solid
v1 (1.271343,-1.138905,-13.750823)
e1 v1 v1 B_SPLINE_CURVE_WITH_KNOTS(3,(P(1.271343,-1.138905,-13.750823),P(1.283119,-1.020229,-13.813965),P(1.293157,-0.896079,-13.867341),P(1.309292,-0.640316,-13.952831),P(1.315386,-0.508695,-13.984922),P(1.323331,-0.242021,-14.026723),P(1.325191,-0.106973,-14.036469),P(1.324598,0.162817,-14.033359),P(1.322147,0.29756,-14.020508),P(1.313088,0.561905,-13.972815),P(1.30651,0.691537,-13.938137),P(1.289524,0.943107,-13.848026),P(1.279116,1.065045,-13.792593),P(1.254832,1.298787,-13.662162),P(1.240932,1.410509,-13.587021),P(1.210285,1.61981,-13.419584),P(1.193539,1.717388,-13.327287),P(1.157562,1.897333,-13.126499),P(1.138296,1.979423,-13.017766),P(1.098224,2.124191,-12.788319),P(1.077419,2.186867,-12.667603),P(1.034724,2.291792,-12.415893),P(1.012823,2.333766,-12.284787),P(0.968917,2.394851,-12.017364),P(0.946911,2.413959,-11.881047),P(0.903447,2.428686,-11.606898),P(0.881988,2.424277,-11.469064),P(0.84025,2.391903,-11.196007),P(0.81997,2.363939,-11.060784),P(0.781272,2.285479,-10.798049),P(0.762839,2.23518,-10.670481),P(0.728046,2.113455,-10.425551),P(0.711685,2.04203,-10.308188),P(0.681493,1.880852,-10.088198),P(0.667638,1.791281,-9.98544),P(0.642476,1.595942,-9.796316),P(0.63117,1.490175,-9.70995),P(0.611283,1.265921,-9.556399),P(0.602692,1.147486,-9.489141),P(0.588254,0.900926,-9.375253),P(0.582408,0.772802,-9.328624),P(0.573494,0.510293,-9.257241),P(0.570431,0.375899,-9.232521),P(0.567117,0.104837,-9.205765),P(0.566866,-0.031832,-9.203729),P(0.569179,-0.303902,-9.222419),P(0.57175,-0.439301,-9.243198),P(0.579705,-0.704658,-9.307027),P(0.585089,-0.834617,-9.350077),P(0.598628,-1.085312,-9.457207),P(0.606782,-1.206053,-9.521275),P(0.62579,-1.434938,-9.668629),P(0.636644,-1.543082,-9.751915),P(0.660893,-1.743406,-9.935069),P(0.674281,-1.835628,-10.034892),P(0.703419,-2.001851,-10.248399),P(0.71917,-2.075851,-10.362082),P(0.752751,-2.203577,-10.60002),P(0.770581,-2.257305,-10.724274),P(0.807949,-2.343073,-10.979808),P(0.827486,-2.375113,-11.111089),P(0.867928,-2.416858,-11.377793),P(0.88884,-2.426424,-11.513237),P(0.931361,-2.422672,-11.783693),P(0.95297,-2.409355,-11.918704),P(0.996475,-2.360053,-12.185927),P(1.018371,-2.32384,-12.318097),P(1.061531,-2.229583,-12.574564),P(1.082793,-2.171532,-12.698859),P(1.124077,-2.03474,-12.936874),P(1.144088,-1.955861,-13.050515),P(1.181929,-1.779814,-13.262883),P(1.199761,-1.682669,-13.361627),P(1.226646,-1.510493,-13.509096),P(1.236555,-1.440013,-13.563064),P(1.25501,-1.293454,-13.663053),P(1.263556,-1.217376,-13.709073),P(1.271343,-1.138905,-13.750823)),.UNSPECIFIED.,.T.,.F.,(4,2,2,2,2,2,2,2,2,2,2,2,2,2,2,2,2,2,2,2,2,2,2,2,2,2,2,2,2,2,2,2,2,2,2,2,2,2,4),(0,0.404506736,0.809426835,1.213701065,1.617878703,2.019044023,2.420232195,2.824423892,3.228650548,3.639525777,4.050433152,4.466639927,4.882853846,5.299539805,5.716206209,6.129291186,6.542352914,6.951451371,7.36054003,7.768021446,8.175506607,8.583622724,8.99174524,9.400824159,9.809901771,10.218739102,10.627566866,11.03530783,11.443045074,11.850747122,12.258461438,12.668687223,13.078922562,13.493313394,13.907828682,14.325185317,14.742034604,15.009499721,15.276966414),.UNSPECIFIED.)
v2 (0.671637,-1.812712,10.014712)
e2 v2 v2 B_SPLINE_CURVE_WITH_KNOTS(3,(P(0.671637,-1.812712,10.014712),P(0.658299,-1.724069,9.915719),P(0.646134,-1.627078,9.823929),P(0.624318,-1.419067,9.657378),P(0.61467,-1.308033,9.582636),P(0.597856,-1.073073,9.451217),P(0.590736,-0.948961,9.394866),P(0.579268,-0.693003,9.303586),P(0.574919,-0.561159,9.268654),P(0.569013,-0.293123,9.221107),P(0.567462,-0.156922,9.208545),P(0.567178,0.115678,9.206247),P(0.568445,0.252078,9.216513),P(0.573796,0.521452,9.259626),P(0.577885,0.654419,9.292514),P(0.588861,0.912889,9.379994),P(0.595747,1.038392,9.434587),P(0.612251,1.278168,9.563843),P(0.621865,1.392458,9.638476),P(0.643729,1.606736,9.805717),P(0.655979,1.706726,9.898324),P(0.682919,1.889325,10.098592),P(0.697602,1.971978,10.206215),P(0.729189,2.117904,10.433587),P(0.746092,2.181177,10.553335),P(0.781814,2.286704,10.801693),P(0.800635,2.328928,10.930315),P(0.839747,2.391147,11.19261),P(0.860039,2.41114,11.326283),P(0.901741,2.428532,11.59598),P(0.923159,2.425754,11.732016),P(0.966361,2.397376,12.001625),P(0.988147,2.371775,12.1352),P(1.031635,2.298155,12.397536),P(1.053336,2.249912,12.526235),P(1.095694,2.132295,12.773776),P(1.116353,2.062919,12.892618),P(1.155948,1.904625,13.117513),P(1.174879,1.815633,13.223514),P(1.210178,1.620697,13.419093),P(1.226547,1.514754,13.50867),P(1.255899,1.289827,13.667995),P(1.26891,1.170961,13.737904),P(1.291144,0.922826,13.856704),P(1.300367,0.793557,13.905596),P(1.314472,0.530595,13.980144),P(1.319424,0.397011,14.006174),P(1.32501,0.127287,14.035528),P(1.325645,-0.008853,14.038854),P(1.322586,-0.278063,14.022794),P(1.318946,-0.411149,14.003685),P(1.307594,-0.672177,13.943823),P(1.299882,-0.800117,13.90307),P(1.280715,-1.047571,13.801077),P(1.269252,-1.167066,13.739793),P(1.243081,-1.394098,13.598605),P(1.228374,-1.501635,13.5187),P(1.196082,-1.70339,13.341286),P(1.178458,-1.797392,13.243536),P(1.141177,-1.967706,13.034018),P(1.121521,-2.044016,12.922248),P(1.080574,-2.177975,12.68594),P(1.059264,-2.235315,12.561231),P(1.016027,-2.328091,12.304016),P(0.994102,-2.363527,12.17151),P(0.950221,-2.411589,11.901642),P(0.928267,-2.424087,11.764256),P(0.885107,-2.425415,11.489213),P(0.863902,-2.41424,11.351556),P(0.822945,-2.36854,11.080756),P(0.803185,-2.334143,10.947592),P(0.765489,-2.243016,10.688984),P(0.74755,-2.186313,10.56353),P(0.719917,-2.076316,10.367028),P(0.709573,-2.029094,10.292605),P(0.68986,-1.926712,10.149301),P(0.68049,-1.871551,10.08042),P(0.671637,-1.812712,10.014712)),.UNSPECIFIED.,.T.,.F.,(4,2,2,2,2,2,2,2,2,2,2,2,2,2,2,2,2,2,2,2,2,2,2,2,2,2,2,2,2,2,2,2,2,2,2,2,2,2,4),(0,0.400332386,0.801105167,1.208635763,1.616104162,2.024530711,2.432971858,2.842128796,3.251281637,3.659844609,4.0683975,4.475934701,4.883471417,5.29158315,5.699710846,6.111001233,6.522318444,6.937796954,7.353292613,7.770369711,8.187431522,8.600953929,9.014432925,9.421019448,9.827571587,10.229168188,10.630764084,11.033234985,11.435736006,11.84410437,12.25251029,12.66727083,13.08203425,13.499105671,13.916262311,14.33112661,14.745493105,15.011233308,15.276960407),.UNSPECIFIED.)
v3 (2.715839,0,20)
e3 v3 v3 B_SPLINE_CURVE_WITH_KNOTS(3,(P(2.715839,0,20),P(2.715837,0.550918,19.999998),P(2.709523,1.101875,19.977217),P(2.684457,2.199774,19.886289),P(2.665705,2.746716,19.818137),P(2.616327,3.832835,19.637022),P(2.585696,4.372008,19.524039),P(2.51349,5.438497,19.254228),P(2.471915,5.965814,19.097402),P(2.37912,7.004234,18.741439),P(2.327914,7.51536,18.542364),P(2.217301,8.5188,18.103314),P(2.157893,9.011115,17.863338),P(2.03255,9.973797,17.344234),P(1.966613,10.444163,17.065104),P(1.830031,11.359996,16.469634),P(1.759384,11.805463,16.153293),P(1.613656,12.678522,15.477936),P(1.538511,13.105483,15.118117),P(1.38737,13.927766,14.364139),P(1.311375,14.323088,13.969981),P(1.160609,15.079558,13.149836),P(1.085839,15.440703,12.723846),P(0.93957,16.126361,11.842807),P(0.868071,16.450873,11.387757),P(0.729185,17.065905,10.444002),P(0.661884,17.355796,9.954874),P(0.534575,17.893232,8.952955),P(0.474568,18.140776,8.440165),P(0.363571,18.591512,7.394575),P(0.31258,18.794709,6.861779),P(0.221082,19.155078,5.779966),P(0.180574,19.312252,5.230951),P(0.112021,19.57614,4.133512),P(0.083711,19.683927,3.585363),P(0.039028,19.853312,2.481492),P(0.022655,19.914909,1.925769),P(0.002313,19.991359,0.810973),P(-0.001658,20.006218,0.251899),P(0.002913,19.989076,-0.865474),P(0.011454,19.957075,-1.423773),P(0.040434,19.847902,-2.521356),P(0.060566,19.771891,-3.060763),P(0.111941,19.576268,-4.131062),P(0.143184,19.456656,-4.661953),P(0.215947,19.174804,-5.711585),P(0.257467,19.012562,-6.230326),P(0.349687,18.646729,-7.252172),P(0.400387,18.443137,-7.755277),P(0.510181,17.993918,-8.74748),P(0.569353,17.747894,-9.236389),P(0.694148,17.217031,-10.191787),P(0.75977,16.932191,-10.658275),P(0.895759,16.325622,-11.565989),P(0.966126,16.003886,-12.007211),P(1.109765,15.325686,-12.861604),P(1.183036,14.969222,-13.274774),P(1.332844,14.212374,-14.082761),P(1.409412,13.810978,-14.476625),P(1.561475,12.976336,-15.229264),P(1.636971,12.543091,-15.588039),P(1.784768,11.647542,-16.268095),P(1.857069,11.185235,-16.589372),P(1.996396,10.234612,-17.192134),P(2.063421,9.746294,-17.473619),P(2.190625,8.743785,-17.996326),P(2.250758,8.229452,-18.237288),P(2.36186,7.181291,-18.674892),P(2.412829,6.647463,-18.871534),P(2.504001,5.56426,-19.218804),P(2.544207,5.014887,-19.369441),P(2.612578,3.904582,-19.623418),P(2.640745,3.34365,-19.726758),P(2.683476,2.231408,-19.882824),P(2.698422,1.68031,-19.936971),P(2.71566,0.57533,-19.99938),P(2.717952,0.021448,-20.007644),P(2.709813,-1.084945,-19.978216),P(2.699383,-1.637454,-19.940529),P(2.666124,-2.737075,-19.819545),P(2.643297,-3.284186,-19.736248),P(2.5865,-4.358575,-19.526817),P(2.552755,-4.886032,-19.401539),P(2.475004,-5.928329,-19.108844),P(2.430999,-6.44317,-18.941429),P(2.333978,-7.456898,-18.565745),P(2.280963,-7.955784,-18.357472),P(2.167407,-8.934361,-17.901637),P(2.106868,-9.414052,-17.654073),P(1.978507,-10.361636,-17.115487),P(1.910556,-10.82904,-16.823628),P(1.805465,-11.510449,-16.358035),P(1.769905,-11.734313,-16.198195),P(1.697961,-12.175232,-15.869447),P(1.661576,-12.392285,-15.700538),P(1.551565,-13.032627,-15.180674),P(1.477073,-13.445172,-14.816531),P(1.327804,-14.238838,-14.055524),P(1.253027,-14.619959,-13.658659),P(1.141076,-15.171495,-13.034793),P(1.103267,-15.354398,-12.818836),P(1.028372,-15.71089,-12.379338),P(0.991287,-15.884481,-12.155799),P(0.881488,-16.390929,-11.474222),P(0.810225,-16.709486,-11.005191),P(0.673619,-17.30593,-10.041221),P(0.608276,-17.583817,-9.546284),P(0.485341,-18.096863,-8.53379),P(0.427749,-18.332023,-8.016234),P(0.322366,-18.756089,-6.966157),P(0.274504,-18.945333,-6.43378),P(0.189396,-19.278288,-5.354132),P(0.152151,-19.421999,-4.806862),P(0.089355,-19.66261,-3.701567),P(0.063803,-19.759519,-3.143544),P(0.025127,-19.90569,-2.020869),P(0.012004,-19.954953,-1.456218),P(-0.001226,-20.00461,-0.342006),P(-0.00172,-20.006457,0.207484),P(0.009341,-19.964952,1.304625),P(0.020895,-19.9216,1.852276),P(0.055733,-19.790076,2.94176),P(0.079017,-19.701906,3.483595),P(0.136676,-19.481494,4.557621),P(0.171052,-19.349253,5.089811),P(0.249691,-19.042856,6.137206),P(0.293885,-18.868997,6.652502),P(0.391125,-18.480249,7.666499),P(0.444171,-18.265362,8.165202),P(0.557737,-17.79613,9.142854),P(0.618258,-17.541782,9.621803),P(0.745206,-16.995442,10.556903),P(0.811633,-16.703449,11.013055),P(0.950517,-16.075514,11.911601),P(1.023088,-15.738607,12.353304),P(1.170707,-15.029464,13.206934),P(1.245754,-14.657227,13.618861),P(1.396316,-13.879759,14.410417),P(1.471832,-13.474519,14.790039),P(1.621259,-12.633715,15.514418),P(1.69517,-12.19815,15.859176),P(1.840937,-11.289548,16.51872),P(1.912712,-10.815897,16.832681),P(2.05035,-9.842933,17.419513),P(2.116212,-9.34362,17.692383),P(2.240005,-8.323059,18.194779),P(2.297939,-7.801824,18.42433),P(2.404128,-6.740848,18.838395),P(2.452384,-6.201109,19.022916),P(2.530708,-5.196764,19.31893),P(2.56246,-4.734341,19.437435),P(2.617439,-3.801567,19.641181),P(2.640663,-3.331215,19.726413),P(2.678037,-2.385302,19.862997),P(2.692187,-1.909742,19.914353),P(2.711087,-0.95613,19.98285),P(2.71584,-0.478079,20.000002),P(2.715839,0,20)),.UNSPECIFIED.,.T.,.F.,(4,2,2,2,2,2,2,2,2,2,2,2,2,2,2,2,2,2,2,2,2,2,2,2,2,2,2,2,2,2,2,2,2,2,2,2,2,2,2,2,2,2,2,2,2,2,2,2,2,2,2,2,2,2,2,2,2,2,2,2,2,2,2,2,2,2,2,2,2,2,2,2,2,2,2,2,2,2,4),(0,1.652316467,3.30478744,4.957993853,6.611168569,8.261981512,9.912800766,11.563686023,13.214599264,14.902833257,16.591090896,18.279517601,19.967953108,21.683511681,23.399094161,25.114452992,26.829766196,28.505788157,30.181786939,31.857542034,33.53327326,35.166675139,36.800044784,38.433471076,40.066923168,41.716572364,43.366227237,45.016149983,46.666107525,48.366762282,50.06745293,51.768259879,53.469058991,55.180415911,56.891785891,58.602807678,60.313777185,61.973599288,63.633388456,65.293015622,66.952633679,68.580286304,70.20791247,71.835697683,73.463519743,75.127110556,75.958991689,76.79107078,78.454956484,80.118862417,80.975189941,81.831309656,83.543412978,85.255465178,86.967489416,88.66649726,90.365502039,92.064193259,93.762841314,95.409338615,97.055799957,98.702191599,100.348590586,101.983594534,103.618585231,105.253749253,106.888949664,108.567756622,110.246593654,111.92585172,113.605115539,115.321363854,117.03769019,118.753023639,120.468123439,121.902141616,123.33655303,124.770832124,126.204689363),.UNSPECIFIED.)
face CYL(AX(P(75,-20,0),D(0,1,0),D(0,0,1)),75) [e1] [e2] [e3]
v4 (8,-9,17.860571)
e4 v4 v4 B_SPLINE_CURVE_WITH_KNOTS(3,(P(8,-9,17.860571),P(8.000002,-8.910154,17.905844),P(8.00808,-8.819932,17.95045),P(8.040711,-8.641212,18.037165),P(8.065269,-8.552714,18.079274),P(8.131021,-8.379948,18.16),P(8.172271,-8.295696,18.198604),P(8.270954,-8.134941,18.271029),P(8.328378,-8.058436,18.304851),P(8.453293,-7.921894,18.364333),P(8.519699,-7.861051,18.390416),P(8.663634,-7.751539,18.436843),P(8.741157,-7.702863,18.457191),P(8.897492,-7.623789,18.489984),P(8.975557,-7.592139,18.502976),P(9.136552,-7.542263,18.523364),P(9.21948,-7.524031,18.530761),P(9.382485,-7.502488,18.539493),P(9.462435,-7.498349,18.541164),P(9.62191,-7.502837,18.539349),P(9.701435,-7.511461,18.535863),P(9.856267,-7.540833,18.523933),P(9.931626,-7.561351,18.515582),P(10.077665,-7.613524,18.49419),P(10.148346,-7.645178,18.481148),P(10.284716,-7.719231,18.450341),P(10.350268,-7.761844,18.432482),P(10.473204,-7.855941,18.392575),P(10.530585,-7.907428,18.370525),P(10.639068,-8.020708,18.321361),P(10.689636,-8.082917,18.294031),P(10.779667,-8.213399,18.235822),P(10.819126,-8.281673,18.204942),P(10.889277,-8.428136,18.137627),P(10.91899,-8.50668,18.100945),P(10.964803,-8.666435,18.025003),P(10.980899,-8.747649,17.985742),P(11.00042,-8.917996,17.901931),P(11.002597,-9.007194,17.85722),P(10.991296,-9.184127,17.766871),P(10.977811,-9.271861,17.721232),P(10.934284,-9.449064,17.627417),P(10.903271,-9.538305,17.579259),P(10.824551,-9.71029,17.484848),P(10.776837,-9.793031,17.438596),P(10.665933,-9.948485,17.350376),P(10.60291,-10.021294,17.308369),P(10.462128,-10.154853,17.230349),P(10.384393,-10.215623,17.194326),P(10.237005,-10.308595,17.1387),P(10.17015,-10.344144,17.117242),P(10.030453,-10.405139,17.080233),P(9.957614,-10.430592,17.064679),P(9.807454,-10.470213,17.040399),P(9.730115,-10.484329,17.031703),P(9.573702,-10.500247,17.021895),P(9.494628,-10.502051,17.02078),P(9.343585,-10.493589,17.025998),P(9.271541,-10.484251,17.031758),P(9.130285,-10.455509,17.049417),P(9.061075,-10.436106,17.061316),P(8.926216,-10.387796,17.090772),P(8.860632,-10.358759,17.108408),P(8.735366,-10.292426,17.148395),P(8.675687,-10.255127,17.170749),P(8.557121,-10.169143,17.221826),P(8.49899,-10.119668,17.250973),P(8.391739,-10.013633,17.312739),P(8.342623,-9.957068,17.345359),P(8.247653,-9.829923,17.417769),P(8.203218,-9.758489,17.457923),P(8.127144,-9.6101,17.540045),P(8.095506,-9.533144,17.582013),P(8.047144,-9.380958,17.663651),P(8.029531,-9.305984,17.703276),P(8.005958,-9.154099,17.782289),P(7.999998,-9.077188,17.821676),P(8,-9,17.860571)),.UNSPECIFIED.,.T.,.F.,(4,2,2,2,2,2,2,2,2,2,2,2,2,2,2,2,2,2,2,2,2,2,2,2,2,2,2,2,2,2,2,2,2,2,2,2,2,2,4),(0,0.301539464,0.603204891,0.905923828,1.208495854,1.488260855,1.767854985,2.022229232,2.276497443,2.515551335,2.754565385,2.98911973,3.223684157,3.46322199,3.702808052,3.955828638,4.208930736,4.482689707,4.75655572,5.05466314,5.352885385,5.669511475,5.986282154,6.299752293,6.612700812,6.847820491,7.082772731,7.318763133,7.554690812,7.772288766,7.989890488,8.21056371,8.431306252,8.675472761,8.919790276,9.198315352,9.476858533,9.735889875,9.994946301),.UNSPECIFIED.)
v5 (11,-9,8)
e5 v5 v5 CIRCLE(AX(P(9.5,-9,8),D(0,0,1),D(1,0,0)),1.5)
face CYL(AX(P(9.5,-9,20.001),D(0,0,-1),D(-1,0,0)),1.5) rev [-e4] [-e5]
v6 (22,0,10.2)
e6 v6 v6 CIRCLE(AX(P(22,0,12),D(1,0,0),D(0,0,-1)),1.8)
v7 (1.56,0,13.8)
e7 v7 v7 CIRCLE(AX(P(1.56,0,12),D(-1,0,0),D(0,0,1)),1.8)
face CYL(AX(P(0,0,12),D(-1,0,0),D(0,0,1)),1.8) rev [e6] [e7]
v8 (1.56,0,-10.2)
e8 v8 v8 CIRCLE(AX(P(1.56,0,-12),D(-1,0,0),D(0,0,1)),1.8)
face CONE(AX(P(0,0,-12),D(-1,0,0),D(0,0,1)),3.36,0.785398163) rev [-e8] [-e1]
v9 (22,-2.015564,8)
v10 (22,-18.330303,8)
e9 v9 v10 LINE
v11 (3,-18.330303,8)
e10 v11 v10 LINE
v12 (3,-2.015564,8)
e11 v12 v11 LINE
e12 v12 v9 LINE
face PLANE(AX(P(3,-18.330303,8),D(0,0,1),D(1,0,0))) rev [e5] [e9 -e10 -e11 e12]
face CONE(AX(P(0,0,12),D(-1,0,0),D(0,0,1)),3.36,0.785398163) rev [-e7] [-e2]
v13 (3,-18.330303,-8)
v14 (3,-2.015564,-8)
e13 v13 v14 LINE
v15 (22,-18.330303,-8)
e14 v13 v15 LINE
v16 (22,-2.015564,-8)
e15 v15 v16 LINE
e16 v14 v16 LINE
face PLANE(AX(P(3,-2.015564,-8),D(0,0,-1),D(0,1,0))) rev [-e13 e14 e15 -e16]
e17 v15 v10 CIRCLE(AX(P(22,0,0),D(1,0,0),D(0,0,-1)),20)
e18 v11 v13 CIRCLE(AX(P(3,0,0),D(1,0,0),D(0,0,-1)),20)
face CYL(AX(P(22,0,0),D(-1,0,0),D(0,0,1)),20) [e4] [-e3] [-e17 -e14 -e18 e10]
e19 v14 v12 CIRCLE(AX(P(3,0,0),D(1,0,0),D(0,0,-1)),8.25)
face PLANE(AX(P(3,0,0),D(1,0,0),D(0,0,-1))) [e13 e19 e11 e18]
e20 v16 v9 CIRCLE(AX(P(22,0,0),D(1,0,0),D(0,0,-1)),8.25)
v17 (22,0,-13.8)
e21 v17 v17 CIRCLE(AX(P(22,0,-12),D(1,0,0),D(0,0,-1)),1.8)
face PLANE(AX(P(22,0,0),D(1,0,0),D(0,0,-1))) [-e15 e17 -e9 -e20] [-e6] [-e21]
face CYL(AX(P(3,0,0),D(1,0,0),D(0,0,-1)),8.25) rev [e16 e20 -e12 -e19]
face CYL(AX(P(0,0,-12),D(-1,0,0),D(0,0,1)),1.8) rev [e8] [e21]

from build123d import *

# Parameters (mm, degrees)
SKETCH1_R                               = 20
BLOCO_DEPTH                             = 22
ENCAIXE_START                           = -19
ENCAIXE_DO_POTENCI_METRO_DEPTH          = 19
FURO_DE_FIXA_O_PARAFUSO_M3_D            = 3.6
FURO_DE_FIXA_O_PARAFUSO_M3_CSINK_D      = 6.72
FURO_DE_FIXA_O_PARAFUSO_M3_CSINK_ANGLE  = 90
CORTE_ARREDONDAMENTO_DEPTH              = 36.832945734
CORTE_ARREDONDAMENTO_DEPTH_BACK         = 36.832945734
SKETCH7_R                               = 100
SKETCH7_R_2                             = 75
FURO_DE_FIXA_O_POTENCI_METRO_REACH      = 37.833
FURO_DE_FIXA_O_POTENCI_METRO_END_RADIUS = 20
SKETCH8_R                               = 1.5


with BuildPart() as part:
    # Sketch1 → Bloco (new body)
    with BuildSketch(Plane(origin=(0, 0, 0), x_dir=(0, 0, -1), z_dir=(1, 0, 0))):
        Circle(SKETCH1_R)
    extrude(amount=BLOCO_DEPTH)

    # Sketch2 → Encaixe do Potenciômetro (cut)
    with BuildSketch(Plane(origin=(22, 0, 0), x_dir=(0, 0, -1), z_dir=(1, 0, 0)).offset(ENCAIXE_START)):
        with BuildLine():
            Line((-8, -18.33030278), (-8, -2.015564437))
            ThreePointArc((-8, -2.015564437), (0, 8.25), (8, -2.015564437))
            Line((8, -2.015564437), (8, -18.33030278))
            ThreePointArc((8, -18.33030278), (0, -20), (-8, -18.33030278))
        make_face()
    extrude(amount=ENCAIXE_DO_POTENCI_METRO_DEPTH, mode=Mode.SUBTRACT)

    # Furo de Fixação - Parafuso M3 (through all)
    with Locations(Plane.ZY):
        with Locations((-12, 0), (12, 0)):
            CounterSinkHole(FURO_DE_FIXA_O_PARAFUSO_M3_D / 2, FURO_DE_FIXA_O_PARAFUSO_M3_CSINK_D / 2, counter_sink_angle=FURO_DE_FIXA_O_PARAFUSO_M3_CSINK_ANGLE)

    # Sketch7 → Corte - Arredondamento (cut, two sides: drawn at the far end of the back side and taken through both)
    with BuildSketch(Plane(origin=(0, 0, 0), x_dir=(1, 0, 0), z_dir=(0, 1, 0)).offset(-CORTE_ARREDONDAMENTO_DEPTH_BACK)):
        with Locations((75, 0)):
            Circle(SKETCH7_R)
        with Locations((75, 0)):
            Circle(SKETCH7_R_2, mode=Mode.SUBTRACT)
    extrude(amount=CORTE_ARREDONDAMENTO_DEPTH + CORTE_ARREDONDAMENTO_DEPTH_BACK, mode=Mode.SUBTRACT)

    # Furo de Fixação - Potenciômetro: up to this cylinder (the profile starts inside it)
    furo_de_fixa_o_potenci_metro_end = Plane(origin=(9.5, 0, 0), z_dir=(-1, 0, 0)) * Cylinder(FURO_DE_FIXA_O_POTENCI_METRO_END_RADIUS, 116.666, mode=Mode.PRIVATE)
    # Sketch8 → Furo de Fixação - Potenciômetro (cut, up to the surface)
    with BuildSketch(Plane.XY, mode=Mode.PRIVATE) as furo_de_fixa_o_potenci_metro_sk1:
        with Locations(Location((9.5, -9, 0), (0, 0, 180))):
            Circle(SKETCH8_R)
    furo_de_fixa_o_potenci_metro_tool1 = extrude(furo_de_fixa_o_potenci_metro_sk1.sketch, amount=FURO_DE_FIXA_O_POTENCI_METRO_REACH, mode=Mode.PRIVATE) & furo_de_fixa_o_potenci_metro_end
    add(furo_de_fixa_o_potenci_metro_tool1.solids().sort_by_distance((9.5, -9, 0))[0], mode=Mode.SUBTRACT)


solid = part.part
